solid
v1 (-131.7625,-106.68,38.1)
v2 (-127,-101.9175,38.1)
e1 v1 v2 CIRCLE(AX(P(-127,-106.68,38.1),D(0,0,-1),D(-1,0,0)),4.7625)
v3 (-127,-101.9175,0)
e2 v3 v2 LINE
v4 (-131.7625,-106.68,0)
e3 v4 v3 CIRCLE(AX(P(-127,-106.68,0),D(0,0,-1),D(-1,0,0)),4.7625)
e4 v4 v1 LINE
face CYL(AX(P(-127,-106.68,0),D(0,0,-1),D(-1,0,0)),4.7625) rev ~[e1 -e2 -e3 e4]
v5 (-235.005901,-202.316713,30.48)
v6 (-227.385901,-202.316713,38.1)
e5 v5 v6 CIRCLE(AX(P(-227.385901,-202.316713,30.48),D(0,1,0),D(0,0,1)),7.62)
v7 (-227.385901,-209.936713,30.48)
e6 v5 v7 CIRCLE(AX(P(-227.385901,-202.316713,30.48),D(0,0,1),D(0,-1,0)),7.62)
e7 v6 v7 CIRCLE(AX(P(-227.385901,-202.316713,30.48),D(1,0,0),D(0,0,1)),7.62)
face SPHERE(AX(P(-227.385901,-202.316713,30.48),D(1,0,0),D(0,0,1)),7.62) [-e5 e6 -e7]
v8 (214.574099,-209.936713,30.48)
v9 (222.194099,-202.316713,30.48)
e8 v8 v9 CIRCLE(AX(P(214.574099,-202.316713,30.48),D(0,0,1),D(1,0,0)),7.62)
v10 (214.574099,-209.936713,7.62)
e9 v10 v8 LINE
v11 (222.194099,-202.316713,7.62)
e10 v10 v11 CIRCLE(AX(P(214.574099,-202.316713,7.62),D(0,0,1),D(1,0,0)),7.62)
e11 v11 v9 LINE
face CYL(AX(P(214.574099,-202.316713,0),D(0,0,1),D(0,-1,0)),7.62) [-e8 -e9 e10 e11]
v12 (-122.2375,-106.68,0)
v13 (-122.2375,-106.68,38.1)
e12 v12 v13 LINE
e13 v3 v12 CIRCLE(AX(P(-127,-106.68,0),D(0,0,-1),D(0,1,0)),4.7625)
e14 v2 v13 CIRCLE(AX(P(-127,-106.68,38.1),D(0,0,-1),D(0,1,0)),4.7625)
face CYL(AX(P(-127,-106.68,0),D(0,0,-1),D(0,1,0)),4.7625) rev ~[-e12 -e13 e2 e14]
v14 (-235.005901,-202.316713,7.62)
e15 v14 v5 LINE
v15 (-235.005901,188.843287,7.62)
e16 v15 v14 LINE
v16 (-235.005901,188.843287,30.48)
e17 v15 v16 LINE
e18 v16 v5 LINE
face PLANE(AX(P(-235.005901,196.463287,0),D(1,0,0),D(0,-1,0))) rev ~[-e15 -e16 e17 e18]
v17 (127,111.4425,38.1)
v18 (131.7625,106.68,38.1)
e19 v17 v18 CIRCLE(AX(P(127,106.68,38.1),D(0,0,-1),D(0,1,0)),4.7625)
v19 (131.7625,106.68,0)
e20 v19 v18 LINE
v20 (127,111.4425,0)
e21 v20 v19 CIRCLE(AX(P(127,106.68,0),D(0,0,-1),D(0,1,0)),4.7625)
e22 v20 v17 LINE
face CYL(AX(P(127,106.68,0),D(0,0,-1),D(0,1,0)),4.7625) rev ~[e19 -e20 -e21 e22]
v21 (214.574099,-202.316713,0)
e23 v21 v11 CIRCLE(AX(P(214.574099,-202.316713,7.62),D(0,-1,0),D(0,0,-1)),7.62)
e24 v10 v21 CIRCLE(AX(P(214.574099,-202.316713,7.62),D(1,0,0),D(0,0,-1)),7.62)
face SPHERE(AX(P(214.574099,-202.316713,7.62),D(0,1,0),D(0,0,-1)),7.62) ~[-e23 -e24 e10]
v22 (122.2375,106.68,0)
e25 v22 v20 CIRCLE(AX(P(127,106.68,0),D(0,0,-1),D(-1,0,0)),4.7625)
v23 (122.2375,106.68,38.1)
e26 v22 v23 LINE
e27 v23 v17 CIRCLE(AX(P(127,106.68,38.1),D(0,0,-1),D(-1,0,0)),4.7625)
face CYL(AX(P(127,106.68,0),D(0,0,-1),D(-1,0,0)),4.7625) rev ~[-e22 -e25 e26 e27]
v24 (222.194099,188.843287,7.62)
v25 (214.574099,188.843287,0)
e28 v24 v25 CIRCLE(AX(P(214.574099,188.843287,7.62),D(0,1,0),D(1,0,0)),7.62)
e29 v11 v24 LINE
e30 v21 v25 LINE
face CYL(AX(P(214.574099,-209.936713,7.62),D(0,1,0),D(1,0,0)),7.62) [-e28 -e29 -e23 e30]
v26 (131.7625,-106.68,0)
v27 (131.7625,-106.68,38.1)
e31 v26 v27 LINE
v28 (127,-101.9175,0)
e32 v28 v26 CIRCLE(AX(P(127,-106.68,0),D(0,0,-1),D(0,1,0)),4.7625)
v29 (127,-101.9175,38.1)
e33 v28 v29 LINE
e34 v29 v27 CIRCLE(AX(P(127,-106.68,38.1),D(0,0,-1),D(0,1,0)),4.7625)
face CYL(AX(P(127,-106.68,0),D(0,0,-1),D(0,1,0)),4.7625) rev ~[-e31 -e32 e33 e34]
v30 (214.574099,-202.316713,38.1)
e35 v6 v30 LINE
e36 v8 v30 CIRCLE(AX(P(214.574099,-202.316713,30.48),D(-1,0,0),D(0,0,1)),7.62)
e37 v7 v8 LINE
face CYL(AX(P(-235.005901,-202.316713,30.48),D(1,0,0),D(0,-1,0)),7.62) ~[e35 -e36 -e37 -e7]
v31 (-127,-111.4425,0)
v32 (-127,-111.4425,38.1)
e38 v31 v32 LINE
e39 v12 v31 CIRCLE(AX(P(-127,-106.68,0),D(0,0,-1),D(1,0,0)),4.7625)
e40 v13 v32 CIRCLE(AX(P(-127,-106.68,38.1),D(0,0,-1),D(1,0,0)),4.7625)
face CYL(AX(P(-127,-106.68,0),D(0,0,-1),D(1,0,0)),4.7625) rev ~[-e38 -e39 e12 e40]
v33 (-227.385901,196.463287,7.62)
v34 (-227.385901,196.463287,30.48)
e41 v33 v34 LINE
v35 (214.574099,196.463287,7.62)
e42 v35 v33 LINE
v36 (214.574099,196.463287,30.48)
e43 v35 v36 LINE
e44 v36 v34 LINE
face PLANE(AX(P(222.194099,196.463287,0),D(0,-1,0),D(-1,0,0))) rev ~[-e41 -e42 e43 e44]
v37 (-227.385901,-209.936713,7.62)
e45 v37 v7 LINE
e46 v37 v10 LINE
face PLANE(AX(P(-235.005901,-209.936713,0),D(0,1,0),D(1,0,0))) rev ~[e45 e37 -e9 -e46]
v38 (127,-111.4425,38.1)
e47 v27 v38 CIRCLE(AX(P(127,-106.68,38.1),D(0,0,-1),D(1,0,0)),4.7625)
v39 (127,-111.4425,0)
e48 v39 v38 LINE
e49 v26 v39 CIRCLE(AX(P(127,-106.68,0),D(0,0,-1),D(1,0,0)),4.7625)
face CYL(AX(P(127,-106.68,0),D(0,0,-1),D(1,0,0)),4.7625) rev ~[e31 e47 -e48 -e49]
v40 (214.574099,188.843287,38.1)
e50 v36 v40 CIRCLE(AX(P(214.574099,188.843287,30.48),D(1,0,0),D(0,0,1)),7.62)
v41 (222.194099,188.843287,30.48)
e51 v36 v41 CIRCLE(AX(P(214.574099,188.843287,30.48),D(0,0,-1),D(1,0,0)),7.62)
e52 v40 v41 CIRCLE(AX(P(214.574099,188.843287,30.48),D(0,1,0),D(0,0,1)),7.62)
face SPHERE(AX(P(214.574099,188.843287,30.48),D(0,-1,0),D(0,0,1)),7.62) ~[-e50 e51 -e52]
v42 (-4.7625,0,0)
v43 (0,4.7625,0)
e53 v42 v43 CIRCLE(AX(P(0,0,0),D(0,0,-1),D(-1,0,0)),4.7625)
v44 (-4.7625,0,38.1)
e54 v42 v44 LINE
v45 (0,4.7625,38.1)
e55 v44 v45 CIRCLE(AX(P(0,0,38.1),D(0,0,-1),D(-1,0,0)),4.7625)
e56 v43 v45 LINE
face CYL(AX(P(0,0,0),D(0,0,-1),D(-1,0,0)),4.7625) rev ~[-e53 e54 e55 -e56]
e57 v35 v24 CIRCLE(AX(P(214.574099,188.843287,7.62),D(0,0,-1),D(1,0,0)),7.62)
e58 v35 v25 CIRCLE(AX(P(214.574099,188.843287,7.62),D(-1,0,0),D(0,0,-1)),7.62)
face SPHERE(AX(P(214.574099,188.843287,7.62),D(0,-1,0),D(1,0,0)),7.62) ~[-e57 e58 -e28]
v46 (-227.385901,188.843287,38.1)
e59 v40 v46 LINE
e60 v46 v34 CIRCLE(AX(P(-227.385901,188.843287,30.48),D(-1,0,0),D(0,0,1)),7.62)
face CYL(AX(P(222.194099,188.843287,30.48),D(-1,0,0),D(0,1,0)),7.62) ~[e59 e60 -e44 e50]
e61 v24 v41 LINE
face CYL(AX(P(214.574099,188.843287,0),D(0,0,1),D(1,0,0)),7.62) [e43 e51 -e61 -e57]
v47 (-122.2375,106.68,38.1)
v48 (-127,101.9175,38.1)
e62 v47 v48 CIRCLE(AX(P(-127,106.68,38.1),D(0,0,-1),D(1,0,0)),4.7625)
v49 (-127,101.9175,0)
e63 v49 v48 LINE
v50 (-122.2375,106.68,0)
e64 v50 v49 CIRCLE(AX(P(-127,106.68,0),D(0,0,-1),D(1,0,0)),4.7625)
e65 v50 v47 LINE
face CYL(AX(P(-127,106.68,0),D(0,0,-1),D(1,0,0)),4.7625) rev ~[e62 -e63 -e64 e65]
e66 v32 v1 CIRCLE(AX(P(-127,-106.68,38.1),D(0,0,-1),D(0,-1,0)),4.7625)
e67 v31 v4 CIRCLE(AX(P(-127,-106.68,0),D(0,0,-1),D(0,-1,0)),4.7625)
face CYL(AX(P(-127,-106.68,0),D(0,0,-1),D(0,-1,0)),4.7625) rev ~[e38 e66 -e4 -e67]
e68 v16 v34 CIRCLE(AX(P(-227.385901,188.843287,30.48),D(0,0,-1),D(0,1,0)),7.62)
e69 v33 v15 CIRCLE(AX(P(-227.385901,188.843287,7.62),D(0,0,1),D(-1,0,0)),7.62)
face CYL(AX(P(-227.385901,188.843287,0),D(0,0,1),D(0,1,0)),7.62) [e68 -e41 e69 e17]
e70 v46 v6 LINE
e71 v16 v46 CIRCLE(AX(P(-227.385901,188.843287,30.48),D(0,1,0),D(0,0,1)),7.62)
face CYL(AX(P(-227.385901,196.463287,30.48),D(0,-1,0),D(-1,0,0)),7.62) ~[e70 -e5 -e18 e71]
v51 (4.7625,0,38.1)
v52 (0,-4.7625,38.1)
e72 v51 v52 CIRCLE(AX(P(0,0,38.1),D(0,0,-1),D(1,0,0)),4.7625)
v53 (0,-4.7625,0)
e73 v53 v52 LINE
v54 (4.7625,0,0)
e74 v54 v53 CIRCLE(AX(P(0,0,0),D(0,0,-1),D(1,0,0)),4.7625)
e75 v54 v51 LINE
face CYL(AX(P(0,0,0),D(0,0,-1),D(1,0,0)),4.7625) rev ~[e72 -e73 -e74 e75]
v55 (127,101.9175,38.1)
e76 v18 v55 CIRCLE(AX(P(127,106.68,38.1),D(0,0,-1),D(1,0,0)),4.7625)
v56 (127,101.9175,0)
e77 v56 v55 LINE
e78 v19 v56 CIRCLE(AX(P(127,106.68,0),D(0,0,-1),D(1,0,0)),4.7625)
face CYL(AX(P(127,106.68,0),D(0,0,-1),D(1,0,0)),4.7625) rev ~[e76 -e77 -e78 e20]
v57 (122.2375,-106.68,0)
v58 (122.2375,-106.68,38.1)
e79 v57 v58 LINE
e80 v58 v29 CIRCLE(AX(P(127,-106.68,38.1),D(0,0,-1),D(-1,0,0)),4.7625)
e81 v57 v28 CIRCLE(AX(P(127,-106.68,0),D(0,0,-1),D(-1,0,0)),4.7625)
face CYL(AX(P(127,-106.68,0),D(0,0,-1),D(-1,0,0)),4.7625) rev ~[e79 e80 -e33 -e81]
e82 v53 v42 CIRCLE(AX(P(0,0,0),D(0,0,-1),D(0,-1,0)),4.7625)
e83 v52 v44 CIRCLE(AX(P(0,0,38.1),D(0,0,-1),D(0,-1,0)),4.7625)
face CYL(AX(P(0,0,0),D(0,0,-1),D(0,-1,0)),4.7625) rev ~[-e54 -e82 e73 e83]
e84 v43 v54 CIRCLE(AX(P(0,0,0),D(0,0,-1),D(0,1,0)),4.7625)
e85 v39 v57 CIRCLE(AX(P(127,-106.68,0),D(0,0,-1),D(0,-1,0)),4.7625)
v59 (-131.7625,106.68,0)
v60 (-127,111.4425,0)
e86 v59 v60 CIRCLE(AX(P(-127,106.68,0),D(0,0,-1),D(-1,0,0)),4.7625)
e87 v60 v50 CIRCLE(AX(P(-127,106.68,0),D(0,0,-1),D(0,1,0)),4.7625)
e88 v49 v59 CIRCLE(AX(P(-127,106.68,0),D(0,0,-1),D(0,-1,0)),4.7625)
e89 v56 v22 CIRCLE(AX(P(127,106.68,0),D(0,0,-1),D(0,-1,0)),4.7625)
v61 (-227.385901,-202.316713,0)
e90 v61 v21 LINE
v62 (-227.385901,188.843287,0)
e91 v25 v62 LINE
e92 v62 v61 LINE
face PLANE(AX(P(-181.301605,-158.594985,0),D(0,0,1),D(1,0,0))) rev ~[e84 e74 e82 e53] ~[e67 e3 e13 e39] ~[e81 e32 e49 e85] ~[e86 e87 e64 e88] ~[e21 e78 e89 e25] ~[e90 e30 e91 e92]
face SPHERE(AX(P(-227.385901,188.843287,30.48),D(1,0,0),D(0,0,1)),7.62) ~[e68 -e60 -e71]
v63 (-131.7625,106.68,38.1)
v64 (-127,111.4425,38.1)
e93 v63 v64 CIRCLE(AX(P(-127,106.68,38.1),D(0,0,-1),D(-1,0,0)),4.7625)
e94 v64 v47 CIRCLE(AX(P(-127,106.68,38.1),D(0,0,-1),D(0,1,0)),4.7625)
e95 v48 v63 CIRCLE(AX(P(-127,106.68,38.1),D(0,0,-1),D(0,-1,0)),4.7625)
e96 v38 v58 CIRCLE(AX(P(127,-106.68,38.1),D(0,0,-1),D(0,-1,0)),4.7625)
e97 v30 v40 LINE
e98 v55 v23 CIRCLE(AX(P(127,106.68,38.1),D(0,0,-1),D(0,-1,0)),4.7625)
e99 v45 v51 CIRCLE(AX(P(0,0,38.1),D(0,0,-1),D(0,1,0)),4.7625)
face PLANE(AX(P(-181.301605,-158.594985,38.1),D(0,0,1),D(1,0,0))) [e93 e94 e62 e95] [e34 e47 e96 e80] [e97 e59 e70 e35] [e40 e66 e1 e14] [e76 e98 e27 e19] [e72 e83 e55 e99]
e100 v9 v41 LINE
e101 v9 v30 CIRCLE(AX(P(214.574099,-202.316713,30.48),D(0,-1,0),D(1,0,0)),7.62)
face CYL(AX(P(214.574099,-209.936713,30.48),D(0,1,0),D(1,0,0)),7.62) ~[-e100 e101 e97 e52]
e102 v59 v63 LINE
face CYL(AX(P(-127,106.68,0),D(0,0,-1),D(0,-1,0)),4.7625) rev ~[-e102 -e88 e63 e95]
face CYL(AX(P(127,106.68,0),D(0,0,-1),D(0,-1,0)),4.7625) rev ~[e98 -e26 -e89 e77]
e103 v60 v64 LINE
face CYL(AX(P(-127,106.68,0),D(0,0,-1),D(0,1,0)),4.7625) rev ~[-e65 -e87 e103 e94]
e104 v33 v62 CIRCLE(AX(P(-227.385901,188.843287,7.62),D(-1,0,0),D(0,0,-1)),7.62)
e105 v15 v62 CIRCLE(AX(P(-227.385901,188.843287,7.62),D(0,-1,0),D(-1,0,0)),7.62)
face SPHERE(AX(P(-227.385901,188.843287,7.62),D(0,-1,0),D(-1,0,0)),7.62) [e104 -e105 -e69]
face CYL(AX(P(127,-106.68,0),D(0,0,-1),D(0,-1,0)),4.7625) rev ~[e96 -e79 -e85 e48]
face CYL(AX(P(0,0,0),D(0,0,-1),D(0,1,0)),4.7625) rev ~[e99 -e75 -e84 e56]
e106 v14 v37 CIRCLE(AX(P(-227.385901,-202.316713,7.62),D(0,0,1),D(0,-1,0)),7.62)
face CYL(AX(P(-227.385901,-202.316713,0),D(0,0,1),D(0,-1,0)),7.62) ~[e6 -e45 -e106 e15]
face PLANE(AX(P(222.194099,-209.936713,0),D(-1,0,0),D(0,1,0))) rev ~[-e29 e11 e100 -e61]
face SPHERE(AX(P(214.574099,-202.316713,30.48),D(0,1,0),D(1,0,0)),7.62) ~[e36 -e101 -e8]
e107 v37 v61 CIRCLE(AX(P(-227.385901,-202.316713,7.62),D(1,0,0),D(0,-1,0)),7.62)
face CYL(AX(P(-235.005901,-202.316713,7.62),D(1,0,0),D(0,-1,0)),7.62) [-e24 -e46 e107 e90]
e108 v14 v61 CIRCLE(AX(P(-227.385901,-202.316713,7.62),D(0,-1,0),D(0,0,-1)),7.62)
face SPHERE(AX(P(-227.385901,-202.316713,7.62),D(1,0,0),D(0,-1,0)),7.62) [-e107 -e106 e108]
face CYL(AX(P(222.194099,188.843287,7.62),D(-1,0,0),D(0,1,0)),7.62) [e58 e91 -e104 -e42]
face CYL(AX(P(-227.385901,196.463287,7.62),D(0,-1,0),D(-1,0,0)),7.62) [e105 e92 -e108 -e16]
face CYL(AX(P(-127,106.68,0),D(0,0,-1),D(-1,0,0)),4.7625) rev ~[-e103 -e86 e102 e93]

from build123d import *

# Parameters (mm, degrees)
F1_DEPTH = 38.1
F2_R     = 7.62


with BuildPart() as f1:
    # F0 (on Top) → F1 (new body)
    with BuildSketch(Plane.XY):
        with BuildLine():
            Line((-131.7625, -106.68), (-235.0059007668, -106.68))
            Line((-235.0059007668, -106.68), (-235.0059007668, -209.9367127657))
            Line((-235.0059007668, -209.9367127657), (-127, -209.9367127657))
            Line((-127, -209.9367127657), (-127, -111.4425))
            ThreePointArc((-127, -111.4425), (-130.3675960454, -110.0475960454), (-131.7625, -106.68))
        make_face()
        with BuildLine():
            Line((-127, -111.4425), (-127, -209.9367127657))
            Line((-127, -209.9367127657), (0, -209.9367127657))
            Line((0, -209.9367127657), (0, -106.68))
            Line((0, -106.68), (-122.2375, -106.68))
            ThreePointArc((-122.2375, -106.68), (-123.6324039546, -110.0475960454), (-127, -111.4425))
        make_face()
        with BuildLine():
            Line((-4.7625, 0), (-127, 0))
            Line((-127, 0), (-127, -101.9175))
            ThreePointArc((-127, -101.9175), (-123.6324039546, -103.3124039546), (-122.2375, -106.68))
            Line((-122.2375, -106.68), (0, -106.68))
            Line((0, -106.68), (0, -4.7625))
            ThreePointArc((0, -4.7625), (-3.3675960454, -3.3675960454), (-4.7625, 0))
        make_face()
        with BuildLine():
            Line((-127, 0), (-235.0059007668, 0))
            Line((-235.0059007668, 0), (-235.0059007668, -106.68))
            Line((-235.0059007668, -106.68), (-131.7625, -106.68))
            ThreePointArc((-131.7625, -106.68), (-130.3675960454, -103.3124039546), (-127, -101.9175))
            Line((-127, -101.9175), (-127, 0))
        make_face()
        with BuildLine():
            Line((-131.7625, 106.68), (-235.0059007668, 106.68))
            Line((-235.0059007668, 106.68), (-235.0059007668, 0))
            Line((-235.0059007668, 0), (-127, 0))
            Line((-127, 0), (-127, 101.9175))
            ThreePointArc((-127, 101.9175), (-130.3675960454, 103.3124039546), (-131.7625, 106.68))
        make_face()
        with BuildLine():
            Line((0, 4.7625), (0, 106.68))
            Line((0, 106.68), (-122.2375, 106.68))
            ThreePointArc((-122.2375, 106.68), (-123.6324039546, 103.3124039546), (-127, 101.9175))
            Line((-127, 101.9175), (-127, 0))
            Line((-127, 0), (-4.7625, 0))
            ThreePointArc((-4.7625, 0), (-3.3675960454, 3.3675960454), (0, 4.7625))
        make_face()
        with BuildLine():
            Line((0, 196.4632872343), (-127, 196.4632872343))
            Line((-127, 196.4632872343), (-127, 111.4425))
            ThreePointArc((-127, 111.4425), (-123.6324039546, 110.0475960454), (-122.2375, 106.68))
            Line((-122.2375, 106.68), (0, 106.68))
            Line((0, 106.68), (0, 196.4632872343))
        make_face()
        with BuildLine():
            Line((-127, 196.4632872343), (-235.0059007668, 196.4632872343))
            Line((-235.0059007668, 196.4632872343), (-235.0059007668, 106.68))
            Line((-235.0059007668, 106.68), (-131.7625, 106.68))
            ThreePointArc((-131.7625, 106.68), (-130.3675960454, 110.0475960454), (-127, 111.4425))
            Line((-127, 111.4425), (-127, 196.4632872343))
        make_face()
        with BuildLine():
            Line((222.1940992332, 196.4632872343), (127, 196.4632872343))
            Line((127, 196.4632872343), (127, 111.4425))
            ThreePointArc((127, 111.4425), (130.3675960454, 110.0475960454), (131.7625, 106.68))
            Line((131.7625, 106.68), (222.1940992332, 106.68))
            Line((222.1940992332, 106.68), (222.1940992332, 196.4632872343))
        make_face()
        with BuildLine():
            Line((127, 196.4632872343), (0, 196.4632872343))
            Line((0, 196.4632872343), (0, 106.68))
            Line((0, 106.68), (122.2375, 106.68))
            ThreePointArc((122.2375, 106.68), (123.6324039546, 110.0475960454), (127, 111.4425))
            Line((127, 111.4425), (127, 196.4632872343))
        make_face()
        with BuildLine():
            Line((122.2375, 106.68), (0, 106.68))
            Line((0, 106.68), (0, 4.7625))
            ThreePointArc((0, 4.7625), (3.3675960454, 3.3675960454), (4.7625, 0))
            Line((4.7625, 0), (127, 0))
            Line((127, 0), (127, 101.9175))
            ThreePointArc((127, 101.9175), (123.6324039546, 103.3124039546), (122.2375, 106.68))
        make_face()
        with BuildLine():
            Line((222.1940992332, 0), (222.1940992332, 106.68))
            Line((222.1940992332, 106.68), (131.7625, 106.68))
            ThreePointArc((131.7625, 106.68), (130.3675960454, 103.3124039546), (127, 101.9175))
            Line((127, 101.9175), (127, 0))
            Line((127, 0), (222.1940992332, 0))
        make_face()
        with BuildLine():
            Line((127, 0), (4.7625, 0))
            ThreePointArc((4.7625, 0), (3.3675960454, -3.3675960454), (0, -4.7625))
            Line((0, -4.7625), (0, -106.68))
            Line((0, -106.68), (122.2375, -106.68))
            ThreePointArc((122.2375, -106.68), (123.6324039546, -103.3124039546), (127, -101.9175))
            Line((127, -101.9175), (127, 0))
        make_face()
        with BuildLine():
            Line((222.1940992332, -106.68), (222.1940992332, 0))
            Line((222.1940992332, 0), (127, 0))
            Line((127, 0), (127, -101.9175))
            ThreePointArc((127, -101.9175), (130.3675960454, -103.3124039546), (131.7625, -106.68))
            Line((131.7625, -106.68), (222.1940992332, -106.68))
        make_face()
        with BuildLine():
            Line((0, -106.68), (0, -209.9367127657))
            Line((0, -209.9367127657), (127, -209.9367127657))
            Line((127, -209.9367127657), (127, -111.4425))
            ThreePointArc((127, -111.4425), (123.6324039546, -110.0475960454), (122.2375, -106.68))
            Line((122.2375, -106.68), (0, -106.68))
        make_face()
        with BuildLine():
            Line((222.1940992332, -209.9367127657), (222.1940992332, -106.68))
            Line((222.1940992332, -106.68), (131.7625, -106.68))
            ThreePointArc((131.7625, -106.68), (130.3675960454, -110.0475960454), (127, -111.4425))
            Line((127, -111.4425), (127, -209.9367127657))
            Line((127, -209.9367127657), (222.1940992332, -209.9367127657))
        make_face()
    extrude(amount=F1_DEPTH)

    # F2
    f2_edges = [f1.edges().sort_by_distance(p)[0] for p in [
        (222.194099, -6.736713, 38.1),
        (222.194099, -6.736713, 0),
        (-6.405901, -209.936713, 0),
        (222.194099, -209.936713, 19.05),
        (-6.405901, -209.936713, 38.1),
        (-6.405901, 196.463287, 38.1),
        (222.194099, 196.463287, 19.05),
        (-235.005901, -6.736713, 38.1),
        (-235.005901, -209.936713, 19.05),
        (-235.005901, -6.736713, 0),
        (-235.005901, 196.463287, 19.05),
        (-6.405901, 196.463287, 0),
    ]]
    fillet(f2_edges, radius=F2_R)


solid = f1.part
